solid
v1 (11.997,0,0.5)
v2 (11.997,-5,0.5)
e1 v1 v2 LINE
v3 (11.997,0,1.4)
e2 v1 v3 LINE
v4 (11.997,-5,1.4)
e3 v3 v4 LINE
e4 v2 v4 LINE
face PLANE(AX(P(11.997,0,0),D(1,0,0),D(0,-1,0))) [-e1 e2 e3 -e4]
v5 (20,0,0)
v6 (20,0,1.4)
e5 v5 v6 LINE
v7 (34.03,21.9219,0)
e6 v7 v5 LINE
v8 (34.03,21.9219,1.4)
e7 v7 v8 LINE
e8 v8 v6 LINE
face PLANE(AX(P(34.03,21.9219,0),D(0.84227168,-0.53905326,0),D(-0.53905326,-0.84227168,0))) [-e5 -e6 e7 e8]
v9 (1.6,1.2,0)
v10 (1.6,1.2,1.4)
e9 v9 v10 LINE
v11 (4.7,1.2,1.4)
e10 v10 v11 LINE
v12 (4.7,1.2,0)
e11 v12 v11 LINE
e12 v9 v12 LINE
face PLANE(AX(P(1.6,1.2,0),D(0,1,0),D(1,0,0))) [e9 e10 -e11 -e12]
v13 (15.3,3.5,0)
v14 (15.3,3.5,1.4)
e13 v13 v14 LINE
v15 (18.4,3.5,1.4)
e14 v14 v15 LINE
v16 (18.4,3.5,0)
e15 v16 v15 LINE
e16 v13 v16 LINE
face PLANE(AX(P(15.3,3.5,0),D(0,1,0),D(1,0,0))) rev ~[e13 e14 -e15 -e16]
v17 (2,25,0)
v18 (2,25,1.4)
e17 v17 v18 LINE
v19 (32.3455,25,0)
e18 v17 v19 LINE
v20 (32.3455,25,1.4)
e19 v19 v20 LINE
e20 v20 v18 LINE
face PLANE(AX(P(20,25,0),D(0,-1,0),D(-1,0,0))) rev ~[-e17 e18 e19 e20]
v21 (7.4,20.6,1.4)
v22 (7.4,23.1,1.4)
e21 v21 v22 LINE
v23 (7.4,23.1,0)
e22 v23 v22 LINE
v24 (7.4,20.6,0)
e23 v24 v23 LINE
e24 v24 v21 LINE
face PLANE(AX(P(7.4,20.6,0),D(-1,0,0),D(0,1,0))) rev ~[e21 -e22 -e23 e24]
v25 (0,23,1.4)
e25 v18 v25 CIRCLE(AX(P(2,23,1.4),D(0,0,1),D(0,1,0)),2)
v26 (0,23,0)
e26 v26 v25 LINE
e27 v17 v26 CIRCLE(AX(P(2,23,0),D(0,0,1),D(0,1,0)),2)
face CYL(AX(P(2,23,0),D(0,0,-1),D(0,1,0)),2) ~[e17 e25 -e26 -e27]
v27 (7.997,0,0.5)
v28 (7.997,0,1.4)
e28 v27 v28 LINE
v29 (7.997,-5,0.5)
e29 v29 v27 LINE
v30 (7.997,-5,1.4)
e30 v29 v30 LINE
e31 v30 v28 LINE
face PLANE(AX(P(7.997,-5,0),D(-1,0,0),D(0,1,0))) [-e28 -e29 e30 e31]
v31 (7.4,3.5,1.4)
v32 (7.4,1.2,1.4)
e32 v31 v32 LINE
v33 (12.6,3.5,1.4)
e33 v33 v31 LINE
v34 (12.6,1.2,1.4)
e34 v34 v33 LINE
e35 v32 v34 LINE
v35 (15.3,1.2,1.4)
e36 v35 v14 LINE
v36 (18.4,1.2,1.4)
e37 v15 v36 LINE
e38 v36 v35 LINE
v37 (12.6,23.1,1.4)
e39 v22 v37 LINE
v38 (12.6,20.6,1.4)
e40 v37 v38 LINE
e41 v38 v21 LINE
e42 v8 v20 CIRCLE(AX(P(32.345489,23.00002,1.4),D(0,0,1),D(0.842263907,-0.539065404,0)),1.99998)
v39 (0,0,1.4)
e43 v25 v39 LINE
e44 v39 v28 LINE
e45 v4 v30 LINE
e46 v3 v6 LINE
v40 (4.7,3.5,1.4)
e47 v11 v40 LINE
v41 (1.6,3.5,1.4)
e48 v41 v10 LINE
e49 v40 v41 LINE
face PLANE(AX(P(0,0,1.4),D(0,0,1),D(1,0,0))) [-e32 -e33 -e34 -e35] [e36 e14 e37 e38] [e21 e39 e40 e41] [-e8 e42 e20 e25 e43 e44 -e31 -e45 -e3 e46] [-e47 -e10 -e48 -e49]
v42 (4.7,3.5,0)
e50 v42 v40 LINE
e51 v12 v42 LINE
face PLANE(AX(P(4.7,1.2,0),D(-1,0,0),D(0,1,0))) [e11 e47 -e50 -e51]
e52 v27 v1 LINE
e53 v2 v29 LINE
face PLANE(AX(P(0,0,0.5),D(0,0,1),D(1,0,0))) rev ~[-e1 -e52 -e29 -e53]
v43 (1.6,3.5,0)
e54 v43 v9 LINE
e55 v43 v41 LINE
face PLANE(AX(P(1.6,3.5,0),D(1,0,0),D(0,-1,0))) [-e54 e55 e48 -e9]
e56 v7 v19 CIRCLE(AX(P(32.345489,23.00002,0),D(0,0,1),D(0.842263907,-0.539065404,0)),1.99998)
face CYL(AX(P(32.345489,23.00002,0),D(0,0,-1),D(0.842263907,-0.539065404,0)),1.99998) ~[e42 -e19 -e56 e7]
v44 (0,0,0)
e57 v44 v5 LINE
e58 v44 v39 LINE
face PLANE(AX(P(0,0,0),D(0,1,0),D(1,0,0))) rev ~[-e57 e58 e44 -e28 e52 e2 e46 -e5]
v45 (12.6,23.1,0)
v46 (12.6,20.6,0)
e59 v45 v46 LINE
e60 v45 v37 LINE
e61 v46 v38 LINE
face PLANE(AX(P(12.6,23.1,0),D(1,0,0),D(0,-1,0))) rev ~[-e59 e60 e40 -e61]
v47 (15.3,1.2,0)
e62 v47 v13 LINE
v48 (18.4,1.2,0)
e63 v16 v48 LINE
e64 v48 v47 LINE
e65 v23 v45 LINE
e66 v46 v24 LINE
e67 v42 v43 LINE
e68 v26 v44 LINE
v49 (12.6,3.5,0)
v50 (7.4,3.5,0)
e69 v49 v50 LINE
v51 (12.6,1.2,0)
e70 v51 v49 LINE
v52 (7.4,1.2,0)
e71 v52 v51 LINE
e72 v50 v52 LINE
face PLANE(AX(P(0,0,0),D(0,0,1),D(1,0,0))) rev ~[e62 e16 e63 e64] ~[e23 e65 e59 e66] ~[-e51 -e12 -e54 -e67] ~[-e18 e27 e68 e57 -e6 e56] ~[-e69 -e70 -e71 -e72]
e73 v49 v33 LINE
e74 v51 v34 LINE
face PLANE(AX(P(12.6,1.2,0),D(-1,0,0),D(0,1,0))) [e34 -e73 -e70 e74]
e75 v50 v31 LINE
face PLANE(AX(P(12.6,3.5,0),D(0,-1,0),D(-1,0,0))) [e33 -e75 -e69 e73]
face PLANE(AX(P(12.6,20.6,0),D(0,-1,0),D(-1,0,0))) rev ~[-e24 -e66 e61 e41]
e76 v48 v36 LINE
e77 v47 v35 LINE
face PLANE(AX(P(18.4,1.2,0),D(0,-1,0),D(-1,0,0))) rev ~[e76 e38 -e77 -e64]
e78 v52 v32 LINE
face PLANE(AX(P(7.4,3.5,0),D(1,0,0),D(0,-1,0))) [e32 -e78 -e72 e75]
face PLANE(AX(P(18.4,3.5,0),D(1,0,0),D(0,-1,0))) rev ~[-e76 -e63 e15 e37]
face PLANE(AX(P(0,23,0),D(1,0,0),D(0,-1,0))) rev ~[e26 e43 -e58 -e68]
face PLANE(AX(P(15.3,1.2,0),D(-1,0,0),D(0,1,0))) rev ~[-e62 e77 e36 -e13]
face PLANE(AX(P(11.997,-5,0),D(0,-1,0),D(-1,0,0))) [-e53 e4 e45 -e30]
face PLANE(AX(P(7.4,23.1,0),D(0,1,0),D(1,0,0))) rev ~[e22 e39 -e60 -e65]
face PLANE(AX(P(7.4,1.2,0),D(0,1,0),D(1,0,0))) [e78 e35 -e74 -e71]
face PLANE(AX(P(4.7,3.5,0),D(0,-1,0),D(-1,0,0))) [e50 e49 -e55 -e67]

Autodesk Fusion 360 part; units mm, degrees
sketch "Sketch1" plane through (0, 0, 0) normal (0, 0, 1) x (1, 0, 0)
  line L0 (0, 0) -> (20, 0)
  line L1 (20, 25) -> (2, 25)
  line L2 (0, 23) -> (0, 0)
  line L3 (0, 25) -> (32.3455, 25)
  line L4 (34.03, 21.9219) -> (20, 0)
  arc A0 (2, 25) -> (0, 23) centre (2, 23) ccw
  arc A1 (34.03, 21.9219) -> (32.3455, 25) centre (32.3455, 23) ccw
  line L5 (20, 25) -> (20, 0) construction
  line L6 (10, 0) -> (10, 25) construction
  line L7 (7.997, 0) -> (11.997, 0)
  line L8 (11.997, 0) -> (11.997, -5)
  line L9 (11.997, -5) -> (7.997, -5)
  line L10 (7.997, -5) -> (7.997, 0)
  line L11 (12.6, 20.6) -> (7.4, 20.6)
  line L12 (7.4, 20.6) -> (7.4, 23.1)
  line L13 (7.4, 23.1) -> (12.6, 23.1)
  line L14 (12.6, 23.1) -> (12.6, 20.6)
  line L15 (12.6, 20.6) -> (7.4, 23.1) construction
  line L16 (7.4, 20.6) -> (12.6, 23.1) construction
  line L17 (12.6, 3.5) -> (7.4, 3.5)
  line L18 (7.4, 3.5) -> (7.4, 1.2)
  line L19 (7.4, 1.2) -> (12.6, 1.2)
  line L20 (12.6, 1.2) -> (12.6, 3.5)
  line L21 (12.6, 3.5) -> (7.4, 1.2) construction
  line L22 (7.4, 3.5) -> (12.6, 1.2) construction
  line L23 (18.4, 1.2) -> (15.3, 1.2)
  line L24 (15.3, 1.2) -> (15.3, 3.5)
  line L25 (15.3, 3.5) -> (18.4, 3.5)
  line L26 (18.4, 3.5) -> (18.4, 1.2)
  line L27 (1.6, 3.5) -> (1.6, 1.2)
  line L28 (1.6, 1.2) -> (4.7, 1.2)
  line L29 (4.7, 1.2) -> (4.7, 3.5)
  line L30 (4.7, 3.5) -> (1.6, 3.5)
  point P0 (36, 25)
  point P1 (10, 21.85)
  point P2 (10, 2.35)
  dimension "d1" = 20
  dimension "d2" = 25
  dimension "d3" = 36
  dimension "d4" = 2
  dimension "d5" = 2
  dimension "d6" = 4
  dimension "d7" = 5
  dimension "d8" = 5.2
  dimension "d9" = 2.5
  dimension "d10" = 1.9
  dimension "d11" = 5.2
  dimension "d12" = 2.3
  dimension "d13" = 1.2
  dimension "d16" = 3.1
  dimension "d17" = 2.3
  dimension "d18" = 1.6
extrude "Extrude1" add sketch "Sketch1" along normal blind 1.5 contours L0 L1 L2 L3 L4 A0 A1 L7 makes body 1
extrude "Extrude2" add sketch "Sketch1" along normal blind 1.4 separate body makes body 2
extrude "Extrude3" cut sketch "Sketch1" along normal blind 0.5 contours L0 L7 L8 L9 L10 bodies 2
delete_body "RemoveBody1" bodies 1
